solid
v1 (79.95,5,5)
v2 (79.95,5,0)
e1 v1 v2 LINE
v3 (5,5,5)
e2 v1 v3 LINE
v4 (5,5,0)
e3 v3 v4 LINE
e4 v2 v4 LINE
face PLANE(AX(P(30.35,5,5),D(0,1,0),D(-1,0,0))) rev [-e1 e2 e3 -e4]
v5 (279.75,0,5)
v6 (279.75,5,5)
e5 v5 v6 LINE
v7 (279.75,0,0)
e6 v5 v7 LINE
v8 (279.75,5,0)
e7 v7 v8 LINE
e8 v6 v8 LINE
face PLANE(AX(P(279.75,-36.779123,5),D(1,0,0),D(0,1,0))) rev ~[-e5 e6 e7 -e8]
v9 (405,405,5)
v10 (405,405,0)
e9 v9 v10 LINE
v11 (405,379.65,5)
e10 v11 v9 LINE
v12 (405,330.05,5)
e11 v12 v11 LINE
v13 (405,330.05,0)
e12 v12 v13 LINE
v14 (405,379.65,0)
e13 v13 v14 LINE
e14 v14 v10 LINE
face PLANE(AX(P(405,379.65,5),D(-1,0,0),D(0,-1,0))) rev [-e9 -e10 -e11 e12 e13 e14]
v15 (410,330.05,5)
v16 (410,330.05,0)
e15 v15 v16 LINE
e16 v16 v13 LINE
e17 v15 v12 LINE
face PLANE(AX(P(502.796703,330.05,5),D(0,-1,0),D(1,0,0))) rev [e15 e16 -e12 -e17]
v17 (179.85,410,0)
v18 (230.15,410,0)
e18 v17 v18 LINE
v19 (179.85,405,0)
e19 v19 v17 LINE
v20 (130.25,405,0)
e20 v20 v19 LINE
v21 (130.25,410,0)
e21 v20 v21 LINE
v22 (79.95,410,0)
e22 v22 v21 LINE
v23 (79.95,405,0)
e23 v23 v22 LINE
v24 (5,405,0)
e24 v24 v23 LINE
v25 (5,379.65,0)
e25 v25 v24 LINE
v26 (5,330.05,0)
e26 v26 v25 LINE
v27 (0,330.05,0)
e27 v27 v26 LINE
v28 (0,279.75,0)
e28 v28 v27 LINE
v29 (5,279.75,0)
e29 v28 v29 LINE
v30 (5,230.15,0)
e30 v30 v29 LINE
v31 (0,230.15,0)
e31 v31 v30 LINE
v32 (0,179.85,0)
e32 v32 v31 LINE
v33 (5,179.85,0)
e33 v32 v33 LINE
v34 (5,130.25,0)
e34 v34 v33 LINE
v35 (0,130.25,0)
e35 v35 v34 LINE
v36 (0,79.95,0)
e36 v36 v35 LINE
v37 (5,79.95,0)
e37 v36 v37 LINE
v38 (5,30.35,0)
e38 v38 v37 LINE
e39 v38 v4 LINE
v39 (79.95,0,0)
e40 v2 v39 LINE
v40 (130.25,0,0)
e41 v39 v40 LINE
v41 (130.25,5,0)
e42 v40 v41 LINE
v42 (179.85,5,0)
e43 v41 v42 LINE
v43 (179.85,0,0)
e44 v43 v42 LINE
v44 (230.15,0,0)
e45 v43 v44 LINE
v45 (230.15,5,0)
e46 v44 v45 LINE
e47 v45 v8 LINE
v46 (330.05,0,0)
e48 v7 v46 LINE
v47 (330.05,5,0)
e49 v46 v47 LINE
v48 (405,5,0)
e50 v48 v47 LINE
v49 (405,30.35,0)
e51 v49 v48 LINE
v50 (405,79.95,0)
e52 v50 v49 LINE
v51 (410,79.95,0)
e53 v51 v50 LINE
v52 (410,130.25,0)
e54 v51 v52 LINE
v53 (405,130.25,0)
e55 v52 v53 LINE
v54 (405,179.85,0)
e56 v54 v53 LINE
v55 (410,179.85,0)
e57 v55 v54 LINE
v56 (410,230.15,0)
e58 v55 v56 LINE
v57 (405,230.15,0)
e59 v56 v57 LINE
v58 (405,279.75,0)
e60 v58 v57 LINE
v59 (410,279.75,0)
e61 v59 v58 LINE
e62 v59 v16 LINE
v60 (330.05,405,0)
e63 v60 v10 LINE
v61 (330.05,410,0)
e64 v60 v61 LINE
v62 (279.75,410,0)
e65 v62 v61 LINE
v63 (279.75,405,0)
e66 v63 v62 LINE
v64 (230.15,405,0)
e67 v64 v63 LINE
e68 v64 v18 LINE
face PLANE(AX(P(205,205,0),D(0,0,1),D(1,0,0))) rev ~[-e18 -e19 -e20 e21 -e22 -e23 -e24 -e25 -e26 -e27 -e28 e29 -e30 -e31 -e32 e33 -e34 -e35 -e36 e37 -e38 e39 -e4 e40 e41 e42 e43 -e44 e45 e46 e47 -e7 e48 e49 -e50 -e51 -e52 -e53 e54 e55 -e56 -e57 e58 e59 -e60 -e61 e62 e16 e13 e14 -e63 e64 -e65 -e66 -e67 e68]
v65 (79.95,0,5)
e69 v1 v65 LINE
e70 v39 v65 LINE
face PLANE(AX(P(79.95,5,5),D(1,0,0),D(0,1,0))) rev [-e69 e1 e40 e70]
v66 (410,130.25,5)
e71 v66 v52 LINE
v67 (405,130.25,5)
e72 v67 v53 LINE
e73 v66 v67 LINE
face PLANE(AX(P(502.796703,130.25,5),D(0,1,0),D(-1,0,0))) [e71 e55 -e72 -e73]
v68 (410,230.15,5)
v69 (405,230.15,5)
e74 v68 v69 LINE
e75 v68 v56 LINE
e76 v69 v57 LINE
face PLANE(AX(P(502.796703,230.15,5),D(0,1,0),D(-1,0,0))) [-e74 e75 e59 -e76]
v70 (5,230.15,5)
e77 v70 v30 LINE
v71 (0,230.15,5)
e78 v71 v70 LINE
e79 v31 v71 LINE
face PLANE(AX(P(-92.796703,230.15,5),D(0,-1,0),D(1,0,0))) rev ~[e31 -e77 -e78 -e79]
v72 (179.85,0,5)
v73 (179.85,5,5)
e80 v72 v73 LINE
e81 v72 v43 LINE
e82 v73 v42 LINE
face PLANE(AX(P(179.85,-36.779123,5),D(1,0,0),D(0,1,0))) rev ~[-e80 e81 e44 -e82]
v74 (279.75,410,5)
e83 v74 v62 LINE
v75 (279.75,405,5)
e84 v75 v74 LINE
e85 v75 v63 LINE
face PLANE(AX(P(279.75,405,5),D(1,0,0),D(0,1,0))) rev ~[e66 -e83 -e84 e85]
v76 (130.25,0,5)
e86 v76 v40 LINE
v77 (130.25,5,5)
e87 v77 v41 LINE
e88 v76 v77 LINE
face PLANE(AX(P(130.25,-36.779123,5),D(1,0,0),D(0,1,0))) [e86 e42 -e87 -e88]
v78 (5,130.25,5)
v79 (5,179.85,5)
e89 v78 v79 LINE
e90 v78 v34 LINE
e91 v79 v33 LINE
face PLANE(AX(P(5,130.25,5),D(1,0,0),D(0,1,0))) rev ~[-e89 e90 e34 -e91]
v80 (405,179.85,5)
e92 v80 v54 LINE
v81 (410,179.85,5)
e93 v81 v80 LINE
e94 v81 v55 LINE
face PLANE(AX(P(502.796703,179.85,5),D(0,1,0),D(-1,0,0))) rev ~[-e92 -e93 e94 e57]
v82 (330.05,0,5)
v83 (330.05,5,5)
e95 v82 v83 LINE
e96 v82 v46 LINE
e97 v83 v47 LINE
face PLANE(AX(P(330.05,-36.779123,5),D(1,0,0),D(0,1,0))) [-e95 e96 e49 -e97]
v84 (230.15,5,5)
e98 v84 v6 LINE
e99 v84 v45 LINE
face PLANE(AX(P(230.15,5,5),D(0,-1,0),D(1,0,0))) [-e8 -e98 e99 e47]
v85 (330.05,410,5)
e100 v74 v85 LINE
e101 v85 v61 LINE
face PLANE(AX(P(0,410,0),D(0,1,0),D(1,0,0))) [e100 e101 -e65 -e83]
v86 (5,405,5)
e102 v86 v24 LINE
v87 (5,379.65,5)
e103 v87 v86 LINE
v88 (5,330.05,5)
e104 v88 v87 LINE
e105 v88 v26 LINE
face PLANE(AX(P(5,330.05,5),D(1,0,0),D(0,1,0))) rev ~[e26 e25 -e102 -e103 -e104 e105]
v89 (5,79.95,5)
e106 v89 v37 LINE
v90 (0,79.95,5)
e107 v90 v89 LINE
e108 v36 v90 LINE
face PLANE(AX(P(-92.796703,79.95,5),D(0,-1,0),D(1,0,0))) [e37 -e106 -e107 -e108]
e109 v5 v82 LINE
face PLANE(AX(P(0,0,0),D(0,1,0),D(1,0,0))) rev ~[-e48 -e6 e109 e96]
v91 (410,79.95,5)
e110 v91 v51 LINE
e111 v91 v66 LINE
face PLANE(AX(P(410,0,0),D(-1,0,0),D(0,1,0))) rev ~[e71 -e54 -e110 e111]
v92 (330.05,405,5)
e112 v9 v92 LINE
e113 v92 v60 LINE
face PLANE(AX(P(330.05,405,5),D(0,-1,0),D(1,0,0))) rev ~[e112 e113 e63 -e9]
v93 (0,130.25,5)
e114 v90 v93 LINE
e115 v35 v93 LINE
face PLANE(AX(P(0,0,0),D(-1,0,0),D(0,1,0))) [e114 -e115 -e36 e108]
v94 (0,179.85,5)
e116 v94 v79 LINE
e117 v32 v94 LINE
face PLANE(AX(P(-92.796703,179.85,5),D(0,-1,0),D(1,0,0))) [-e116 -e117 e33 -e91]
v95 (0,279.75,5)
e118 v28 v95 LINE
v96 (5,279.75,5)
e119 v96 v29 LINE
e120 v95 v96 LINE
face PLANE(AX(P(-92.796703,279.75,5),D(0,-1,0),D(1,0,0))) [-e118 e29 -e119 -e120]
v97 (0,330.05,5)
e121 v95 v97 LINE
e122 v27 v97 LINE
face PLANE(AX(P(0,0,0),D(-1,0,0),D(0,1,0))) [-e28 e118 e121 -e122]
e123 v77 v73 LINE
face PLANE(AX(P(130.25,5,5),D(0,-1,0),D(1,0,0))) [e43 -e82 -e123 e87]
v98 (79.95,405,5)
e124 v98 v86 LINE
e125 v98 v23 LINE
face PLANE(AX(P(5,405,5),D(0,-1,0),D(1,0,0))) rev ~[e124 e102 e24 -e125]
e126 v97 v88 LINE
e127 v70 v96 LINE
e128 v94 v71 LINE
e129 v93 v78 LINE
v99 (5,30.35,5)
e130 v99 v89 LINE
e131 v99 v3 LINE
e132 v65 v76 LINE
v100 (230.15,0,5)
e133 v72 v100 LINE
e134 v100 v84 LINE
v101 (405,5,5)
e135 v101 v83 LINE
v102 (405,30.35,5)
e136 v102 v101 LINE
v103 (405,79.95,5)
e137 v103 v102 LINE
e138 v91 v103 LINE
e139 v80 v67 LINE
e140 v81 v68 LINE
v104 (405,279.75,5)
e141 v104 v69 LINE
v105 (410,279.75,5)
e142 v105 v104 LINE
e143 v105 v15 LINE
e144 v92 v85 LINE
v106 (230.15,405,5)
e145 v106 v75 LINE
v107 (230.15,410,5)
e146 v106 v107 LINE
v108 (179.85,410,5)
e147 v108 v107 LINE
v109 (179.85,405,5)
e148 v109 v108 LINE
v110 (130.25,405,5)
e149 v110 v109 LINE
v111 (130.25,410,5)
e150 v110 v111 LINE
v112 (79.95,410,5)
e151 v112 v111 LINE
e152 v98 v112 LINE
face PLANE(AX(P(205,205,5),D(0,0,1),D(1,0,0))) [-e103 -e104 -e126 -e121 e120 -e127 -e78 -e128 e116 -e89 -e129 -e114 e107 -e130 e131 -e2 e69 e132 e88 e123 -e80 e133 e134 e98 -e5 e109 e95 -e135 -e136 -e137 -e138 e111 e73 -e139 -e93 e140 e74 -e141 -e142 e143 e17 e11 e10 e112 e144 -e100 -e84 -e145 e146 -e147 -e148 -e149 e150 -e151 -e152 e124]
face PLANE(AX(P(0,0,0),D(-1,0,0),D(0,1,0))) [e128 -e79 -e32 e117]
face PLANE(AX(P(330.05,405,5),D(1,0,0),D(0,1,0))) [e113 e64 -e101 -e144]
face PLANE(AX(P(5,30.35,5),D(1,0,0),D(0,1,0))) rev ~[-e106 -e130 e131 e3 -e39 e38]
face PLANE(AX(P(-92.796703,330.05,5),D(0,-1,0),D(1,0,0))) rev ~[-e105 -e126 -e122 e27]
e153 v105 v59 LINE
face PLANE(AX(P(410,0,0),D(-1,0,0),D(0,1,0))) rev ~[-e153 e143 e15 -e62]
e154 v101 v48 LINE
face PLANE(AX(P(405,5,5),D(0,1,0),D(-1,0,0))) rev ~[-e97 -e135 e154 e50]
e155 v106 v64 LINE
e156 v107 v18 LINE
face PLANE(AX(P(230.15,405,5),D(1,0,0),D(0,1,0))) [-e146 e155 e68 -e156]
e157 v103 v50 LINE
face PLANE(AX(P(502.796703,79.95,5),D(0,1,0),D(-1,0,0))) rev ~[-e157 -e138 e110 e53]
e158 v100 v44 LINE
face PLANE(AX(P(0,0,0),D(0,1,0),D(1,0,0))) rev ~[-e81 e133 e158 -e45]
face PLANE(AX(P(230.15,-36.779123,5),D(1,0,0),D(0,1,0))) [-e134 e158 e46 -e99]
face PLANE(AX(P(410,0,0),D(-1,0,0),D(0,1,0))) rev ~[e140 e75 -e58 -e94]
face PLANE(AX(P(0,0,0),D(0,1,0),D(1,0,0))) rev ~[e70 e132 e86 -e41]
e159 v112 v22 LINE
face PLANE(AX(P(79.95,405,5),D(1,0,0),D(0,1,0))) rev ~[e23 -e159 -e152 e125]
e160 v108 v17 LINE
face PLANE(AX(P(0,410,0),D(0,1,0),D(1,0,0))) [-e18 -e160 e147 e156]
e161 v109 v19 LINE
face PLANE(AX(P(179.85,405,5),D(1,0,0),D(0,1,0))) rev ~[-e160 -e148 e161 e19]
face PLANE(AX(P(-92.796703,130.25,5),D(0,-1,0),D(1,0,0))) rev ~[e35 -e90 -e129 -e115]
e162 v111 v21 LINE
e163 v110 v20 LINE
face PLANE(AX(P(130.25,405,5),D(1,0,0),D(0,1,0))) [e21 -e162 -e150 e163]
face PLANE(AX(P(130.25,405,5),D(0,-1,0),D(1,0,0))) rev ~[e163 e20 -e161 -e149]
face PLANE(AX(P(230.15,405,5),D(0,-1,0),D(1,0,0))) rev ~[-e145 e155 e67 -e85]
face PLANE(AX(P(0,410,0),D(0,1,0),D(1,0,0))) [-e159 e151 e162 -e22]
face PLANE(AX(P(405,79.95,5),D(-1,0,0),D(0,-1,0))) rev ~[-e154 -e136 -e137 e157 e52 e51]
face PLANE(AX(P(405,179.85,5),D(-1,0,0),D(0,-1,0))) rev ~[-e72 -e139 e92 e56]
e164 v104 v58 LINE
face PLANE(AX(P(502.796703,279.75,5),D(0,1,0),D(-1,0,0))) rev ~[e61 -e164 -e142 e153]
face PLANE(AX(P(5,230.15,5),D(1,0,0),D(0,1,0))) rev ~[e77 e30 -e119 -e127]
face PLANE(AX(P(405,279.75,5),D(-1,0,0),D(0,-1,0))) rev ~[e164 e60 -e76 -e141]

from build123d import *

# Parameters (mm, degrees)
SKIZZE1_W                       = 410
SKIZZE1_H                       = 410
AUFSATZ_LINEAR_AUSTRAGEN1_DEPTH = 5
SKIZZE2_W                       = 97.796702903
SKIZZE2_H                       = 49.6
SCHNITT_LINEAR_AUSTRAGEN1_DEPTH = 5
LINEARES_MUSTER1_COUNT          = 4
LINEARES_MUSTER1_PITCH          = 99.9
SPIEGELN1_COPY_1_SKETCH_W       = 97.796702903
SPIEGELN1_COPY_1_SKETCH_H       = 49.6
SPIEGELN1_COPY_1_DEPTH          = 5
SPIEGELN1_COPY_2_SKETCH_W       = 97.796702903
SPIEGELN1_COPY_2_SKETCH_H       = 49.6
SPIEGELN1_COPY_2_DEPTH          = 5
SPIEGELN1_COPY_3_SKETCH_W       = 97.796702903
SPIEGELN1_COPY_3_SKETCH_H       = 49.6
SPIEGELN1_COPY_3_DEPTH          = 5
SKIZZE3_W                       = 49.6
SKIZZE3_H                       = 41.77912255
SCHNITT_LINEAR_AUSTRAGEN2_DEPTH = 5
LINEARES_MUSTER2_COUNT          = 4
LINEARES_MUSTER2_PITCH          = 99.9
SPIEGELN2_COPY_1_SKETCH_W       = 49.6
SPIEGELN2_COPY_1_SKETCH_H       = 41.77912255
SPIEGELN2_COPY_1_DEPTH          = 5
SPIEGELN2_COPY_2_SKETCH_W       = 49.6
SPIEGELN2_COPY_2_SKETCH_H       = 41.77912255
SPIEGELN2_COPY_2_DEPTH          = 5
SPIEGELN2_COPY_3_SKETCH_W       = 49.6
SPIEGELN2_COPY_3_SKETCH_H       = 41.77912255
SPIEGELN2_COPY_3_DEPTH          = 5
SCHNITT_LINEAR_AUSTRAGEN3_DEPTH = 5
SPIEGELN4_COPY_1_DEPTH          = 5


with BuildPart() as part:
    # Skizze1 → Aufsatz-Linear austragen1 (new body)
    with BuildSketch(Plane.XY):
        with Locations((205, 205)):
            Rectangle(SKIZZE1_W, SKIZZE1_H)
    extrude(amount=AUFSATZ_LINEAR_AUSTRAGEN1_DEPTH)

    # Skizze2 → Schnitt-Linear austragen1 (cut)
    with BuildSketch(Plane.XY.offset(5)):
        with Locations((-43.898351452, 354.85)):
            Rectangle(SKIZZE2_W, SKIZZE2_H)
    schnitt_linear_austragen1 = extrude(amount=-SCHNITT_LINEAR_AUSTRAGEN1_DEPTH, mode=Mode.SUBTRACT)

    # Lineares Muster1: Schnitt-Linear austragen1 ×4
    with Locations(*[(0, -i * LINEARES_MUSTER1_PITCH, 0) for i in range(1, LINEARES_MUSTER1_COUNT)]):
        add(schnitt_linear_austragen1, mode=Mode.SUBTRACT)

    # Spiegeln1: Schnitt-Linear austragen1 across plane
    add(schnitt_linear_austragen1.mirror(Plane(origin=(205, 0, 0), x_dir=(0, 0, 1), z_dir=(1, 0, 0))), mode=Mode.SUBTRACT)

    # Spiegeln1 copy 1 sketch → Spiegeln1 copy 1 (cut)
    with BuildSketch(Plane(origin=(410, -99.9, 5), x_dir=(-1, 0, 0), z_dir=(0, 0, 1))):
        with Locations((-43.898351452, -354.85)):
            Rectangle(SPIEGELN1_COPY_1_SKETCH_W, SPIEGELN1_COPY_1_SKETCH_H)
    extrude(amount=-SPIEGELN1_COPY_1_DEPTH, mode=Mode.SUBTRACT)

    # Spiegeln1 copy 2 sketch → Spiegeln1 copy 2 (cut)
    with BuildSketch(Plane(origin=(410, -199.8, 5), x_dir=(-1, 0, 0), z_dir=(0, 0, 1))):
        with Locations((-43.898351452, -354.85)):
            Rectangle(SPIEGELN1_COPY_2_SKETCH_W, SPIEGELN1_COPY_2_SKETCH_H)
    extrude(amount=-SPIEGELN1_COPY_2_DEPTH, mode=Mode.SUBTRACT)

    # Spiegeln1 copy 3 sketch → Spiegeln1 copy 3 (cut)
    with BuildSketch(Plane(origin=(410, -299.7, 5), x_dir=(-1, 0, 0), z_dir=(0, 0, 1))):
        with Locations((-43.898351452, -354.85)):
            Rectangle(SPIEGELN1_COPY_3_SKETCH_W, SPIEGELN1_COPY_3_SKETCH_H)
    extrude(amount=-SPIEGELN1_COPY_3_DEPTH, mode=Mode.SUBTRACT)

    # Skizze3 → Schnitt-Linear austragen2 (cut)
    with BuildSketch(Plane.XY.offset(5)):
        with Locations((55.15, 425.889561275)):
            Rectangle(SKIZZE3_W, SKIZZE3_H)
    schnitt_linear_austragen2 = extrude(amount=-SCHNITT_LINEAR_AUSTRAGEN2_DEPTH, mode=Mode.SUBTRACT)

    # Lineares Muster2: Schnitt-Linear austragen2 ×4
    with Locations(*[(i * LINEARES_MUSTER2_PITCH, 0, 0) for i in range(1, LINEARES_MUSTER2_COUNT)]):
        add(schnitt_linear_austragen2, mode=Mode.SUBTRACT)

    # Spiegeln2: Schnitt-Linear austragen2 across plane
    add(schnitt_linear_austragen2.mirror(Plane.ZX.offset(205)), mode=Mode.SUBTRACT)

    # Spiegeln2 copy 1 sketch → Spiegeln2 copy 1 (cut)
    with BuildSketch(Plane(origin=(99.9, 410, 5), x_dir=(1, 0, 0), z_dir=(0, 0, 1))):
        with Locations((55.15, -425.889561275)):
            Rectangle(SPIEGELN2_COPY_1_SKETCH_W, SPIEGELN2_COPY_1_SKETCH_H)
    extrude(amount=-SPIEGELN2_COPY_1_DEPTH, mode=Mode.SUBTRACT)

    # Spiegeln2 copy 2 sketch → Spiegeln2 copy 2 (cut)
    with BuildSketch(Plane(origin=(199.8, 410, 5), x_dir=(1, 0, 0), z_dir=(0, 0, 1))):
        with Locations((55.15, -425.889561275)):
            Rectangle(SPIEGELN2_COPY_2_SKETCH_W, SPIEGELN2_COPY_2_SKETCH_H)
    extrude(amount=-SPIEGELN2_COPY_2_DEPTH, mode=Mode.SUBTRACT)

    # Spiegeln2 copy 3 sketch → Spiegeln2 copy 3 (cut)
    with BuildSketch(Plane(origin=(299.7, 410, 5), x_dir=(1, 0, 0), z_dir=(0, 0, 1))):
        with Locations((55.15, -425.889561275)):
            Rectangle(SPIEGELN2_COPY_3_SKETCH_W, SPIEGELN2_COPY_3_SKETCH_H)
    extrude(amount=-SPIEGELN2_COPY_3_DEPTH, mode=Mode.SUBTRACT)

    # Skizze4 → Schnitt-Linear austragen3 (cut)
    with BuildSketch(Plane.XY.offset(5)):
        Polygon((5, 379.65), (5, 405), (30.35, 405), (30.35, 431.549801047), (5, 431.549801047), (-47.862925009, 431.549801047), (-47.862925009, 405), (-47.862925009, 379.65), align=None)
    schnitt_linear_austragen3 = extrude(amount=-SCHNITT_LINEAR_AUSTRAGEN3_DEPTH, mode=Mode.SUBTRACT)

    # Spiegeln3: Schnitt-Linear austragen3 across plane
    add(schnitt_linear_austragen3.mirror(Plane(origin=(205, 0, 0), x_dir=(0, 0, 1), z_dir=(1, 0, 0))), mode=Mode.SUBTRACT)

    # Spiegeln4: Schnitt-Linear austragen3 across plane
    add(schnitt_linear_austragen3.mirror(Plane.ZX.offset(205)), mode=Mode.SUBTRACT)

    # Spiegeln4 copy 1 sketch → Spiegeln4 copy 1 (cut)
    with BuildSketch(Plane(origin=(410, 410, 5), x_dir=(-1, 0, 0), z_dir=(0, 0, 1))):
        Polygon((5, 379.65), (5, 405), (30.35, 405), (30.35, 431.549801047), (5, 431.549801047), (-47.862925009, 431.549801047), (-47.862925009, 405), (-47.862925009, 379.65), align=None)
    extrude(amount=-SPIEGELN4_COPY_1_DEPTH, mode=Mode.SUBTRACT)


solid = part.part
